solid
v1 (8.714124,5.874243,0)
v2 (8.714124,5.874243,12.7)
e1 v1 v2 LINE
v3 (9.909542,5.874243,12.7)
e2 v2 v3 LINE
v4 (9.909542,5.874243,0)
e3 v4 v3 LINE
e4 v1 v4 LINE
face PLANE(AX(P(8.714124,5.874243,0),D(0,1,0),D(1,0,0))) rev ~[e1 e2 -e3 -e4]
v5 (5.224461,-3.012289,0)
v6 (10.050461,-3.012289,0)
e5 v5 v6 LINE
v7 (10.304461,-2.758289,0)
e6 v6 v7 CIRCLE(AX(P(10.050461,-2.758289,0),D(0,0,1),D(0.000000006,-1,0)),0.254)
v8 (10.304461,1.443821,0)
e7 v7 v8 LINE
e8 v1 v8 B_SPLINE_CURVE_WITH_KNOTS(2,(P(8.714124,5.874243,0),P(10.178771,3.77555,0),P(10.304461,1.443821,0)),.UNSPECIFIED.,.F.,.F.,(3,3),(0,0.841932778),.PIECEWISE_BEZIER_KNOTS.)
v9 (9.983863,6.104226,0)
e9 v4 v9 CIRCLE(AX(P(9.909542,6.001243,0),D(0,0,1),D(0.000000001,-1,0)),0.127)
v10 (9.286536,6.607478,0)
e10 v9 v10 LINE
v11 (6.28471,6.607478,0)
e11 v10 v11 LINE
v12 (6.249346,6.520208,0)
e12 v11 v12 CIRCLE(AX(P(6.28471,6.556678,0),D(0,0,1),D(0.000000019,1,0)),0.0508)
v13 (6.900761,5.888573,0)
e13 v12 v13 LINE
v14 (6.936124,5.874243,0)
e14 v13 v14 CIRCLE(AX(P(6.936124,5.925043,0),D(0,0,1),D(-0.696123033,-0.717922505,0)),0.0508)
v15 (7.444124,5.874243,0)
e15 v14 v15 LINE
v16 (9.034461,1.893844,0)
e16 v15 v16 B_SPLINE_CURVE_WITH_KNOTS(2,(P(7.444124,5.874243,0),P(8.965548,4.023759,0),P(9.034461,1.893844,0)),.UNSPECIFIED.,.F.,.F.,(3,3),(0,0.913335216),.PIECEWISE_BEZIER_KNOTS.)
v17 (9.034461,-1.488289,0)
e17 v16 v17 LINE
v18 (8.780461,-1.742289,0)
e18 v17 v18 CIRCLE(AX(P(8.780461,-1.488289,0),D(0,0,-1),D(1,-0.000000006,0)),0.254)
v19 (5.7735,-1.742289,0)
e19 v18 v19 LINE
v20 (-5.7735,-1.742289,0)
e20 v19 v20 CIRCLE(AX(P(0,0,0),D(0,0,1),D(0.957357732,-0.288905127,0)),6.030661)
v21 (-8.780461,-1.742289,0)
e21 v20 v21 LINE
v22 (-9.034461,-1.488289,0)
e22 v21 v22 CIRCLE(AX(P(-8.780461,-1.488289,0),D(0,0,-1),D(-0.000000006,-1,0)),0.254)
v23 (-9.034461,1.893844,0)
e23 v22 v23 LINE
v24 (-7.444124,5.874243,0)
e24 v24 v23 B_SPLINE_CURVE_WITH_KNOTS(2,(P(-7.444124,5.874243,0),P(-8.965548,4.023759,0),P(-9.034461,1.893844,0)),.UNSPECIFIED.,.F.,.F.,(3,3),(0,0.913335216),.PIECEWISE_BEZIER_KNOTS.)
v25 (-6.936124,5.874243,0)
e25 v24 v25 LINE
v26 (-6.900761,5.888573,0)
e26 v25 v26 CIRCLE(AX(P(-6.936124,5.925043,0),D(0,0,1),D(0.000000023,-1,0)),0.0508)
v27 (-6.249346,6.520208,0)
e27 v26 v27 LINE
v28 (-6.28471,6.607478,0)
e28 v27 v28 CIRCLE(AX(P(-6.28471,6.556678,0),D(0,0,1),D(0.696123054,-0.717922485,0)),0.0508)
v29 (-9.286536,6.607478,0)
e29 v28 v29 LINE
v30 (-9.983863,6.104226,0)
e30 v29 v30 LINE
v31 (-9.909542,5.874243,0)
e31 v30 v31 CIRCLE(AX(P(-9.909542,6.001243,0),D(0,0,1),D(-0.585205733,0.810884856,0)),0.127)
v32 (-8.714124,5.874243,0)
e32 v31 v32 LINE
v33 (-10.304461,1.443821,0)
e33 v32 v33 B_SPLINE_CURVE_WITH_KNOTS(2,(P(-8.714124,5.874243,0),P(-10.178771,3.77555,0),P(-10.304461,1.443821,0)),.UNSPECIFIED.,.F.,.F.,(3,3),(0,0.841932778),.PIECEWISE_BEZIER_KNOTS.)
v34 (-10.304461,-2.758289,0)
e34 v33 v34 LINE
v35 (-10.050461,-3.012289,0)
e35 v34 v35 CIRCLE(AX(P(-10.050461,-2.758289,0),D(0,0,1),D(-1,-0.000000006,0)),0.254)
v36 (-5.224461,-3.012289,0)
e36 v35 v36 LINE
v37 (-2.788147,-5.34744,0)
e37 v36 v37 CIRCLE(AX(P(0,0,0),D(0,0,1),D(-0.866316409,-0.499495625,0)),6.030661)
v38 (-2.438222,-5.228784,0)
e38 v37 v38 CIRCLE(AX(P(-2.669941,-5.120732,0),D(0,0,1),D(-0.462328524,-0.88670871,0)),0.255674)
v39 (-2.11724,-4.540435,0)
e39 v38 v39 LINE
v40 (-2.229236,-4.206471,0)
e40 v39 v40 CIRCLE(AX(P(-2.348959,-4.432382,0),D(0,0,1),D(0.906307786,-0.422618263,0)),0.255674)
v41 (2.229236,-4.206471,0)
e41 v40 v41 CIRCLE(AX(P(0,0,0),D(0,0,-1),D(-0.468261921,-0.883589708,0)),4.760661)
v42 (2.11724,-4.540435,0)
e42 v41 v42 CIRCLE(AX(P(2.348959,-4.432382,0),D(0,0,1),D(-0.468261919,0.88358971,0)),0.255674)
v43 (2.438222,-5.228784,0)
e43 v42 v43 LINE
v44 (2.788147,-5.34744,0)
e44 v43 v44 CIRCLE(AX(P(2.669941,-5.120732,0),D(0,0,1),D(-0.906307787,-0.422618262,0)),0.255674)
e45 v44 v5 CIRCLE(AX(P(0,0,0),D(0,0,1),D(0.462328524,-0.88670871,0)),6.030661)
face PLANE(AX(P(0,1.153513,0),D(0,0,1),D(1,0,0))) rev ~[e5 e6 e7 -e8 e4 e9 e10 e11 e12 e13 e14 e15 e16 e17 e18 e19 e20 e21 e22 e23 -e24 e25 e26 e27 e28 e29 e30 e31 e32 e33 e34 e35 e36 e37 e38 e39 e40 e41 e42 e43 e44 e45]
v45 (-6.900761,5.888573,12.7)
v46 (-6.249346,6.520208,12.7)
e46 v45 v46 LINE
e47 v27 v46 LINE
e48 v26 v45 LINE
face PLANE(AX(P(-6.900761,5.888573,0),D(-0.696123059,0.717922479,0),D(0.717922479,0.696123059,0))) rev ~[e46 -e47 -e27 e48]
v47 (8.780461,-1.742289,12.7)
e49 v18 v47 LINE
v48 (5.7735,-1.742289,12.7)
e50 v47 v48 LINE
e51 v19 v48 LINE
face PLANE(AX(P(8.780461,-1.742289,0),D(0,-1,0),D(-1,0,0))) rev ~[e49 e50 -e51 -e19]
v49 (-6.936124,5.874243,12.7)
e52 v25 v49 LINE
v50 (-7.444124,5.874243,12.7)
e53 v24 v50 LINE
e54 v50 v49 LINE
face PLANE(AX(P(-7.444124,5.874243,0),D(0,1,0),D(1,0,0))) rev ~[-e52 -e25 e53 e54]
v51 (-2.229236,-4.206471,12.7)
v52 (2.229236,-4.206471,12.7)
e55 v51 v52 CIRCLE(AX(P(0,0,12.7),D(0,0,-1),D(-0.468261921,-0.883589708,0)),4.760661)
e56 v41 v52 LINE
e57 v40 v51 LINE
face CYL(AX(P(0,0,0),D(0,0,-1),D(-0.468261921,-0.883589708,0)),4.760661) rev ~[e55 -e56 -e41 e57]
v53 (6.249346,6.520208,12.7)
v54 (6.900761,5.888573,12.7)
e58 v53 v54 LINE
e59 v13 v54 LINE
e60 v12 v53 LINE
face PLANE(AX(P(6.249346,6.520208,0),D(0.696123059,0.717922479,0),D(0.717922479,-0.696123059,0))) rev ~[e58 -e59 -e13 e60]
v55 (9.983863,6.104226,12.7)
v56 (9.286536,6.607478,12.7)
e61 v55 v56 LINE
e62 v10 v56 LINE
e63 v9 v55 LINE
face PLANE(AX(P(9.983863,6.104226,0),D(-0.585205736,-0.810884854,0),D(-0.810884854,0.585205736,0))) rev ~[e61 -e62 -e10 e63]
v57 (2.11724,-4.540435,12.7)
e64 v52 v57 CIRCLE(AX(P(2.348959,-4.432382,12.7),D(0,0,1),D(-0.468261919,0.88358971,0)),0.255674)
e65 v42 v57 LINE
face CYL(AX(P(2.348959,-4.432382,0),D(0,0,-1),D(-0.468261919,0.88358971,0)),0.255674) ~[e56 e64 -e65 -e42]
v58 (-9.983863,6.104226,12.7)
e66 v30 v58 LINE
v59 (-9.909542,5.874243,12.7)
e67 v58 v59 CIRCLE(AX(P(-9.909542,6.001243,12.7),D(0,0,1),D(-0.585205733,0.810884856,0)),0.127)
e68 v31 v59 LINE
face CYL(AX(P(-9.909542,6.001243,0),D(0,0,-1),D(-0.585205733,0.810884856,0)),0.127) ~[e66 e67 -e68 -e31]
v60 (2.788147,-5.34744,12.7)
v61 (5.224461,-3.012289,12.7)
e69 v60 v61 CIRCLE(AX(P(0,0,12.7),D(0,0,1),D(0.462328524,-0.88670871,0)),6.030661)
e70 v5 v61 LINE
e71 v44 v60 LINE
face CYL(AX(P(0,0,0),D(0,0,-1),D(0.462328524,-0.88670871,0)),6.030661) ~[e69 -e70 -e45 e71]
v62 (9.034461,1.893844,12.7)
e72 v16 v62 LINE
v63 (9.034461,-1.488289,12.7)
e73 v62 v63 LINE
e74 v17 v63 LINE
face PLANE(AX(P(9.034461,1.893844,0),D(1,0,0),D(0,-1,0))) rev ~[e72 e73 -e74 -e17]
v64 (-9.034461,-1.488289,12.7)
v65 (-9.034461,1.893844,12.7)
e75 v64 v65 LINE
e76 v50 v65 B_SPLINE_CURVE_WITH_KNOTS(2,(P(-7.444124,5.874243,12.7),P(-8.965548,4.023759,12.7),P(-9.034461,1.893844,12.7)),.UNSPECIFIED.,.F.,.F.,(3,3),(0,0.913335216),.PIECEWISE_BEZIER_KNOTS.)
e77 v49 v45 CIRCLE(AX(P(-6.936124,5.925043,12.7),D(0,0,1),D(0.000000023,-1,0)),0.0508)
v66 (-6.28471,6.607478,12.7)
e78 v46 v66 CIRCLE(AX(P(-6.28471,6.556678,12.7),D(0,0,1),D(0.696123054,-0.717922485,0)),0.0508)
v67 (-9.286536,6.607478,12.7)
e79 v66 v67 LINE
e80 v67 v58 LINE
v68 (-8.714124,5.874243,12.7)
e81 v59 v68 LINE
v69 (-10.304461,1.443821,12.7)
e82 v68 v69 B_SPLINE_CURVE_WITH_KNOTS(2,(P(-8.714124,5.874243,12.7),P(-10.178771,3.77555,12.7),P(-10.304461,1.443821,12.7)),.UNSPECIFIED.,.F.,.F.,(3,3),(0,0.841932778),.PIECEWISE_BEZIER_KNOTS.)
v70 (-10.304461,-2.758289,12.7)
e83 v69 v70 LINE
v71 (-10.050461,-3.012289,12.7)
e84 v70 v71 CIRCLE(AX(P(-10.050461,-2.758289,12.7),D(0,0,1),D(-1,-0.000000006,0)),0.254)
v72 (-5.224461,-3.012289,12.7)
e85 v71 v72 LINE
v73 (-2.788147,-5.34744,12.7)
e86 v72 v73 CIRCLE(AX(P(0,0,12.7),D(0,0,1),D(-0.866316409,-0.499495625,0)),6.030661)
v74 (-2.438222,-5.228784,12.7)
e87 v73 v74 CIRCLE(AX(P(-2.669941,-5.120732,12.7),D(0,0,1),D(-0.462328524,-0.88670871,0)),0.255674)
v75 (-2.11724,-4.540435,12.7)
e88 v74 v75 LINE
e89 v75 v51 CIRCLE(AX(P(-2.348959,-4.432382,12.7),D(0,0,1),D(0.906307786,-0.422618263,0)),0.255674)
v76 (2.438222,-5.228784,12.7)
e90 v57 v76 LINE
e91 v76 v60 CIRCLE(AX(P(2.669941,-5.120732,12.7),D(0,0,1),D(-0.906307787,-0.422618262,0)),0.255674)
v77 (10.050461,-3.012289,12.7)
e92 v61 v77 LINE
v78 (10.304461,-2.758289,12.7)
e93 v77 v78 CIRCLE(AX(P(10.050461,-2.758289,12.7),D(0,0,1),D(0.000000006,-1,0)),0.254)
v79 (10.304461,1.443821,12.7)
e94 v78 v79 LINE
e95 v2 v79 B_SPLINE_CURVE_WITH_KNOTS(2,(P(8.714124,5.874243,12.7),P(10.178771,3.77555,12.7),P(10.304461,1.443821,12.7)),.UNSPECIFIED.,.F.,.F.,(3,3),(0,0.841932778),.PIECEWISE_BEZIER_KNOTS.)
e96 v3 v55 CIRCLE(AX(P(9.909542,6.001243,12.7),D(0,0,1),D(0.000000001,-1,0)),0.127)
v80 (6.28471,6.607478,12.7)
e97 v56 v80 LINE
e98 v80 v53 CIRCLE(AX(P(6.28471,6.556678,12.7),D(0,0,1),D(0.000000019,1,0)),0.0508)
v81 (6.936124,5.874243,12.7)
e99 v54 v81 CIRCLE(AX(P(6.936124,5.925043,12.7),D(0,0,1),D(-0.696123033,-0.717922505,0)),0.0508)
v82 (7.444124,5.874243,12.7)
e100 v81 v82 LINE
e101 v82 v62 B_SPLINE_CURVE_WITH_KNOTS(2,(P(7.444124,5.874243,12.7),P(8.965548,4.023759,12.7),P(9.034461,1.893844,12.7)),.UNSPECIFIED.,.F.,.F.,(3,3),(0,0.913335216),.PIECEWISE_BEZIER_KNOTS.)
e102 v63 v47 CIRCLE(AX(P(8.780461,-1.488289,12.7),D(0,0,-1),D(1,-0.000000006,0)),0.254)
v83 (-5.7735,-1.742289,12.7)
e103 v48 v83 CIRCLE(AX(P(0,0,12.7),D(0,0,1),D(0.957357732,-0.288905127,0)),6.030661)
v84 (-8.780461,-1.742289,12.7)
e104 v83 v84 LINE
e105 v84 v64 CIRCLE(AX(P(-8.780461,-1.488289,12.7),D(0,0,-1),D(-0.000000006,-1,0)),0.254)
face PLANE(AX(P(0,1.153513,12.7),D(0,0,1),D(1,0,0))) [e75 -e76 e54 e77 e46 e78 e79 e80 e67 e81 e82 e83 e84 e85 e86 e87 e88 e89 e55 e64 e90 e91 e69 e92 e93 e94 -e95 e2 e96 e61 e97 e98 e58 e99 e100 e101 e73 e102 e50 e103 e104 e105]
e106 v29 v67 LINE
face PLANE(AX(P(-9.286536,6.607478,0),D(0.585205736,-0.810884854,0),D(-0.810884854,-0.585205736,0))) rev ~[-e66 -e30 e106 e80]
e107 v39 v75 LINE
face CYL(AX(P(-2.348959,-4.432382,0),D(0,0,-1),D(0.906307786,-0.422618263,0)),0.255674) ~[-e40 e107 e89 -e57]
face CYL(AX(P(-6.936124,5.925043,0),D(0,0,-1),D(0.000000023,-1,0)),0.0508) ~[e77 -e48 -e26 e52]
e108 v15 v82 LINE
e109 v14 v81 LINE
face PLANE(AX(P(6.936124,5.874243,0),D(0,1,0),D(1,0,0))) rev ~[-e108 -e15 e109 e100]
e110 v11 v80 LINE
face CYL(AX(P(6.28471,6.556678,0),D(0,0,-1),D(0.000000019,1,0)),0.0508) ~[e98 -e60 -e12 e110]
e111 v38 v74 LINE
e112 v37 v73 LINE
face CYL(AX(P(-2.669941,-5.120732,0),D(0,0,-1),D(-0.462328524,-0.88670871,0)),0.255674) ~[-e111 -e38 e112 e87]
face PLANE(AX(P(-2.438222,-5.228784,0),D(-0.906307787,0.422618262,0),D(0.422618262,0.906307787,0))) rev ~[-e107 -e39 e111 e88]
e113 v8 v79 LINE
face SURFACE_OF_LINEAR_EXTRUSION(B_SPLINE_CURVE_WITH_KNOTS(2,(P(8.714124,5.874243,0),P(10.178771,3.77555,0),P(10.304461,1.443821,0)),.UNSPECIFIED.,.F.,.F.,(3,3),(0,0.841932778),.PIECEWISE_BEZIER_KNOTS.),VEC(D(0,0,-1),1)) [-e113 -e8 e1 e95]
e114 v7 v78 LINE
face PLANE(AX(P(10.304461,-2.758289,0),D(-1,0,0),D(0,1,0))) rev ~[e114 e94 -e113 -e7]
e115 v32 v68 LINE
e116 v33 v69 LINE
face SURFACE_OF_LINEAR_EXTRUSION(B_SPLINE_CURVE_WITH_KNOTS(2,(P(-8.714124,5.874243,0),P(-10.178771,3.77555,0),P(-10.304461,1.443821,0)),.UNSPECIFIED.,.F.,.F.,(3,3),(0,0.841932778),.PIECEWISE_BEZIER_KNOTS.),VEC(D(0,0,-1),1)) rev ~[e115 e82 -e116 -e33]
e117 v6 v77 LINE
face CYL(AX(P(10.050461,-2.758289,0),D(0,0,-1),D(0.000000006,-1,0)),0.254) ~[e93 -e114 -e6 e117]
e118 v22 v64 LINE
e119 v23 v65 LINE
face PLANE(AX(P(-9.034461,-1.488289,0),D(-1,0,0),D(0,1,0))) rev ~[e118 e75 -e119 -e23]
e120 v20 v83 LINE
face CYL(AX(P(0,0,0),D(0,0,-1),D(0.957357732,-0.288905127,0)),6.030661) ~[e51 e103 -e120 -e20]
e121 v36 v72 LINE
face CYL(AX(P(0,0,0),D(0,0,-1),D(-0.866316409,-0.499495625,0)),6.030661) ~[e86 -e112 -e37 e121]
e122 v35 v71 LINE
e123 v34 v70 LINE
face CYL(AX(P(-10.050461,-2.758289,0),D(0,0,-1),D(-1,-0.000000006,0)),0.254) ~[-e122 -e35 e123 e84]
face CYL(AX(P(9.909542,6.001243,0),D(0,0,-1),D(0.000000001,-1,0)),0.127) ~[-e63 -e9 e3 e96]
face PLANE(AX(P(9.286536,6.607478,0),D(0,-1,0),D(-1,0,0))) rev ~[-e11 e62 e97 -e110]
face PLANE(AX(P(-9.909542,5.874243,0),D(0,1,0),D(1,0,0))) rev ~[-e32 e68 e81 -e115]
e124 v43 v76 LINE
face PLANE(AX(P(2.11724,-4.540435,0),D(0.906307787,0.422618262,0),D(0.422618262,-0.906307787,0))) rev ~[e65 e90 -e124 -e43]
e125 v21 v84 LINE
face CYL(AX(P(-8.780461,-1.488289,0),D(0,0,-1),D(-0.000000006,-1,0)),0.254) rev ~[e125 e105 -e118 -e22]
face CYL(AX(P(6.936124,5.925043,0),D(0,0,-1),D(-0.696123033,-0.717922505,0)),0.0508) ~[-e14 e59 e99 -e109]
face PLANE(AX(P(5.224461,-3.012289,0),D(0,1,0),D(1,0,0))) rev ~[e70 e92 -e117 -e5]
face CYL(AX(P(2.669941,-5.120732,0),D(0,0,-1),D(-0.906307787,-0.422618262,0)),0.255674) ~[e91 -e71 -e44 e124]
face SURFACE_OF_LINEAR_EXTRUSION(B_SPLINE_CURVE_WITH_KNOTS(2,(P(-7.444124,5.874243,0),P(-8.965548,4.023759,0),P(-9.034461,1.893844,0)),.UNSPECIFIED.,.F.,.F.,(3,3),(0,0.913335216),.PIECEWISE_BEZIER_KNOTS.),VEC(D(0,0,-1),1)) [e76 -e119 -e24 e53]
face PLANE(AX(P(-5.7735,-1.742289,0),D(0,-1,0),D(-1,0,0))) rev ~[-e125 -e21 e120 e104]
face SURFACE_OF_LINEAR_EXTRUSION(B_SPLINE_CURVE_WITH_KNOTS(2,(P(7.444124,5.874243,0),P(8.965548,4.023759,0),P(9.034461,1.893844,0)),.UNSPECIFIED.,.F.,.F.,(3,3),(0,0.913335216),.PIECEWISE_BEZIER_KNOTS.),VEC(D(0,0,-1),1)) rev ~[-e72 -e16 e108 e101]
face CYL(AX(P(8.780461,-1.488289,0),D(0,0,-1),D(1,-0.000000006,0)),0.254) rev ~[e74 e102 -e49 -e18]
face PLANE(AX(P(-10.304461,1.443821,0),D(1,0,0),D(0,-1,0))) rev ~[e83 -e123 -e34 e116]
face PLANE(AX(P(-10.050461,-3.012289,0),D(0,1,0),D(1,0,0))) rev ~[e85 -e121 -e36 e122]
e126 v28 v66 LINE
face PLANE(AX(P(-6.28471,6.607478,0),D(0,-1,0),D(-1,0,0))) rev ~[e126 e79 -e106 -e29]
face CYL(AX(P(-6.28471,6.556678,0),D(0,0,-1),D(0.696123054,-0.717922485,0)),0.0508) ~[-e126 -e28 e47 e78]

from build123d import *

# Parameters (mm, degrees)
BOSS_EXTRUDE1_DEPTH = 12.7


with BuildPart() as part:
    # Sketch2 → Boss-Extrude1 (new body)
    with BuildSketch(Plane.XY):
        with BuildLine():
            ThreePointArc((5.773500374, -1.742289015), (0, 6.030661454), (-5.773500374, -1.742289015))
            Line((-5.773500374, -1.742289015), (-8.780460974, -1.742289015))
            ThreePointArc((-8.780460974, -1.742289015), (-8.960066096, -1.667894137), (-9.034460974, -1.488289015))
            Line((-9.034460974, -1.488289015), (-9.034460974, 1.893843998))
            add(Edge.make_bspline(
                [(-7.444124292, 5.87424347), (-8.965547881, 4.023759), (-9.034460974, 1.893843998)],
                knots=[0, 0, 0, 0.913335216, 0.913335216, 0.913335216], degree=2))
            Line((-7.444124292, 5.87424347), (-6.936124292, 5.87424347))
            ThreePointArc((-6.936124292, 5.87424347), (-6.917046287, 5.877961948), (-6.90076124, 5.888573008))
            Line((-6.90076124, 5.888573008), (-6.249346457, 6.52020785))
            ThreePointArc((-6.249346457, 6.52020785), (-6.237627986, 6.575756317), (-6.284709509, 6.607478312))
            Line((-6.284709509, 6.607478312), (-9.286536111, 6.607478312))
            Line((-9.286536111, 6.607478312), (-9.983863182, 6.104225847))
            ThreePointArc((-9.983863182, 6.104225847), (-10.030388572, 5.962190697), (-9.909542054, 5.87424347))
            Line((-9.909542054, 5.87424347), (-8.714124292, 5.87424347))
            add(Edge.make_bspline(
                [(-8.714124292, 5.87424347), (-10.178770924, 3.775549962), (-10.304460974, 1.443821028)],
                knots=[0, 0, 0, 0.841932778, 0.841932778, 0.841932778], degree=2))
            Line((-10.304460974, 1.443821028), (-10.304460974, -2.758289015))
            ThreePointArc((-10.304460974, -2.758289015), (-10.230066096, -2.937894137), (-10.050460974, -3.012289015))
            Line((-10.050460974, -3.012289015), (-5.224460974, -3.012289015))
            ThreePointArc((-5.224460974, -3.012289015), (-4.172972974, -4.353754028), (-2.788146807, -5.347440038))
            ThreePointArc((-2.788146807, -5.347440038), (-2.587836882, -5.362863945), (-2.438222108, -5.228784184))
            Line((-2.438222108, -5.228784184), (-2.117239548, -4.540434863))
            ThreePointArc((-2.117239548, -4.540434863), (-2.106552792, -4.351089815), (-2.22923648, -4.206471467))
            ThreePointArc((-2.22923648, -4.206471467), (0, 4.760661454), (2.22923648, -4.206471467))
            ThreePointArc((2.22923648, -4.206471467), (2.106552792, -4.351089815), (2.117239548, -4.540434863))
            Line((2.117239548, -4.540434863), (2.438222108, -5.228784184))
            ThreePointArc((2.438222108, -5.228784184), (2.587836882, -5.362863945), (2.788146807, -5.347440038))
            ThreePointArc((2.788146807, -5.347440038), (4.172972974, -4.353754028), (5.224460974, -3.012289015))
            Line((5.224460974, -3.012289015), (10.050460974, -3.012289015))
            ThreePointArc((10.050460974, -3.012289015), (10.230066096, -2.937894137), (10.304460974, -2.758289015))
            Line((10.304460974, -2.758289015), (10.304460974, 1.443821028))
            add(Edge.make_bspline(
                [(8.714124292, 5.87424347), (10.178770924, 3.775549962), (10.304460974, 1.443821028)],
                knots=[0, 0, 0, 0.841932778, 0.841932778, 0.841932778], degree=2))
            Line((8.714124292, 5.87424347), (9.909542054, 5.87424347))
            ThreePointArc((9.909542054, 5.87424347), (10.030388572, 5.962190697), (9.983863182, 6.104225847))
            Line((9.983863182, 6.104225847), (9.286536111, 6.607478312))
            Line((9.286536111, 6.607478312), (6.284709509, 6.607478312))
            ThreePointArc((6.284709509, 6.607478312), (6.237627986, 6.575756317), (6.249346457, 6.52020785))
            Line((6.249346457, 6.52020785), (6.90076124, 5.888573008))
            ThreePointArc((6.90076124, 5.888573008), (6.917046287, 5.877961948), (6.936124292, 5.87424347))
            Line((6.936124292, 5.87424347), (7.444124292, 5.87424347))
            add(Edge.make_bspline(
                [(7.444124292, 5.87424347), (8.965547881, 4.023759), (9.034460974, 1.893843998)],
                knots=[0, 0, 0, 0.913335216, 0.913335216, 0.913335216], degree=2))
            Line((9.034460974, 1.893843998), (9.034460974, -1.488289015))
            ThreePointArc((9.034460974, -1.488289015), (8.960066096, -1.667894137), (8.780460974, -1.742289015))
            Line((8.780460974, -1.742289015), (5.773500374, -1.742289015))
        make_face()
    extrude(amount=BOSS_EXTRUDE1_DEPTH)


solid = part.part
